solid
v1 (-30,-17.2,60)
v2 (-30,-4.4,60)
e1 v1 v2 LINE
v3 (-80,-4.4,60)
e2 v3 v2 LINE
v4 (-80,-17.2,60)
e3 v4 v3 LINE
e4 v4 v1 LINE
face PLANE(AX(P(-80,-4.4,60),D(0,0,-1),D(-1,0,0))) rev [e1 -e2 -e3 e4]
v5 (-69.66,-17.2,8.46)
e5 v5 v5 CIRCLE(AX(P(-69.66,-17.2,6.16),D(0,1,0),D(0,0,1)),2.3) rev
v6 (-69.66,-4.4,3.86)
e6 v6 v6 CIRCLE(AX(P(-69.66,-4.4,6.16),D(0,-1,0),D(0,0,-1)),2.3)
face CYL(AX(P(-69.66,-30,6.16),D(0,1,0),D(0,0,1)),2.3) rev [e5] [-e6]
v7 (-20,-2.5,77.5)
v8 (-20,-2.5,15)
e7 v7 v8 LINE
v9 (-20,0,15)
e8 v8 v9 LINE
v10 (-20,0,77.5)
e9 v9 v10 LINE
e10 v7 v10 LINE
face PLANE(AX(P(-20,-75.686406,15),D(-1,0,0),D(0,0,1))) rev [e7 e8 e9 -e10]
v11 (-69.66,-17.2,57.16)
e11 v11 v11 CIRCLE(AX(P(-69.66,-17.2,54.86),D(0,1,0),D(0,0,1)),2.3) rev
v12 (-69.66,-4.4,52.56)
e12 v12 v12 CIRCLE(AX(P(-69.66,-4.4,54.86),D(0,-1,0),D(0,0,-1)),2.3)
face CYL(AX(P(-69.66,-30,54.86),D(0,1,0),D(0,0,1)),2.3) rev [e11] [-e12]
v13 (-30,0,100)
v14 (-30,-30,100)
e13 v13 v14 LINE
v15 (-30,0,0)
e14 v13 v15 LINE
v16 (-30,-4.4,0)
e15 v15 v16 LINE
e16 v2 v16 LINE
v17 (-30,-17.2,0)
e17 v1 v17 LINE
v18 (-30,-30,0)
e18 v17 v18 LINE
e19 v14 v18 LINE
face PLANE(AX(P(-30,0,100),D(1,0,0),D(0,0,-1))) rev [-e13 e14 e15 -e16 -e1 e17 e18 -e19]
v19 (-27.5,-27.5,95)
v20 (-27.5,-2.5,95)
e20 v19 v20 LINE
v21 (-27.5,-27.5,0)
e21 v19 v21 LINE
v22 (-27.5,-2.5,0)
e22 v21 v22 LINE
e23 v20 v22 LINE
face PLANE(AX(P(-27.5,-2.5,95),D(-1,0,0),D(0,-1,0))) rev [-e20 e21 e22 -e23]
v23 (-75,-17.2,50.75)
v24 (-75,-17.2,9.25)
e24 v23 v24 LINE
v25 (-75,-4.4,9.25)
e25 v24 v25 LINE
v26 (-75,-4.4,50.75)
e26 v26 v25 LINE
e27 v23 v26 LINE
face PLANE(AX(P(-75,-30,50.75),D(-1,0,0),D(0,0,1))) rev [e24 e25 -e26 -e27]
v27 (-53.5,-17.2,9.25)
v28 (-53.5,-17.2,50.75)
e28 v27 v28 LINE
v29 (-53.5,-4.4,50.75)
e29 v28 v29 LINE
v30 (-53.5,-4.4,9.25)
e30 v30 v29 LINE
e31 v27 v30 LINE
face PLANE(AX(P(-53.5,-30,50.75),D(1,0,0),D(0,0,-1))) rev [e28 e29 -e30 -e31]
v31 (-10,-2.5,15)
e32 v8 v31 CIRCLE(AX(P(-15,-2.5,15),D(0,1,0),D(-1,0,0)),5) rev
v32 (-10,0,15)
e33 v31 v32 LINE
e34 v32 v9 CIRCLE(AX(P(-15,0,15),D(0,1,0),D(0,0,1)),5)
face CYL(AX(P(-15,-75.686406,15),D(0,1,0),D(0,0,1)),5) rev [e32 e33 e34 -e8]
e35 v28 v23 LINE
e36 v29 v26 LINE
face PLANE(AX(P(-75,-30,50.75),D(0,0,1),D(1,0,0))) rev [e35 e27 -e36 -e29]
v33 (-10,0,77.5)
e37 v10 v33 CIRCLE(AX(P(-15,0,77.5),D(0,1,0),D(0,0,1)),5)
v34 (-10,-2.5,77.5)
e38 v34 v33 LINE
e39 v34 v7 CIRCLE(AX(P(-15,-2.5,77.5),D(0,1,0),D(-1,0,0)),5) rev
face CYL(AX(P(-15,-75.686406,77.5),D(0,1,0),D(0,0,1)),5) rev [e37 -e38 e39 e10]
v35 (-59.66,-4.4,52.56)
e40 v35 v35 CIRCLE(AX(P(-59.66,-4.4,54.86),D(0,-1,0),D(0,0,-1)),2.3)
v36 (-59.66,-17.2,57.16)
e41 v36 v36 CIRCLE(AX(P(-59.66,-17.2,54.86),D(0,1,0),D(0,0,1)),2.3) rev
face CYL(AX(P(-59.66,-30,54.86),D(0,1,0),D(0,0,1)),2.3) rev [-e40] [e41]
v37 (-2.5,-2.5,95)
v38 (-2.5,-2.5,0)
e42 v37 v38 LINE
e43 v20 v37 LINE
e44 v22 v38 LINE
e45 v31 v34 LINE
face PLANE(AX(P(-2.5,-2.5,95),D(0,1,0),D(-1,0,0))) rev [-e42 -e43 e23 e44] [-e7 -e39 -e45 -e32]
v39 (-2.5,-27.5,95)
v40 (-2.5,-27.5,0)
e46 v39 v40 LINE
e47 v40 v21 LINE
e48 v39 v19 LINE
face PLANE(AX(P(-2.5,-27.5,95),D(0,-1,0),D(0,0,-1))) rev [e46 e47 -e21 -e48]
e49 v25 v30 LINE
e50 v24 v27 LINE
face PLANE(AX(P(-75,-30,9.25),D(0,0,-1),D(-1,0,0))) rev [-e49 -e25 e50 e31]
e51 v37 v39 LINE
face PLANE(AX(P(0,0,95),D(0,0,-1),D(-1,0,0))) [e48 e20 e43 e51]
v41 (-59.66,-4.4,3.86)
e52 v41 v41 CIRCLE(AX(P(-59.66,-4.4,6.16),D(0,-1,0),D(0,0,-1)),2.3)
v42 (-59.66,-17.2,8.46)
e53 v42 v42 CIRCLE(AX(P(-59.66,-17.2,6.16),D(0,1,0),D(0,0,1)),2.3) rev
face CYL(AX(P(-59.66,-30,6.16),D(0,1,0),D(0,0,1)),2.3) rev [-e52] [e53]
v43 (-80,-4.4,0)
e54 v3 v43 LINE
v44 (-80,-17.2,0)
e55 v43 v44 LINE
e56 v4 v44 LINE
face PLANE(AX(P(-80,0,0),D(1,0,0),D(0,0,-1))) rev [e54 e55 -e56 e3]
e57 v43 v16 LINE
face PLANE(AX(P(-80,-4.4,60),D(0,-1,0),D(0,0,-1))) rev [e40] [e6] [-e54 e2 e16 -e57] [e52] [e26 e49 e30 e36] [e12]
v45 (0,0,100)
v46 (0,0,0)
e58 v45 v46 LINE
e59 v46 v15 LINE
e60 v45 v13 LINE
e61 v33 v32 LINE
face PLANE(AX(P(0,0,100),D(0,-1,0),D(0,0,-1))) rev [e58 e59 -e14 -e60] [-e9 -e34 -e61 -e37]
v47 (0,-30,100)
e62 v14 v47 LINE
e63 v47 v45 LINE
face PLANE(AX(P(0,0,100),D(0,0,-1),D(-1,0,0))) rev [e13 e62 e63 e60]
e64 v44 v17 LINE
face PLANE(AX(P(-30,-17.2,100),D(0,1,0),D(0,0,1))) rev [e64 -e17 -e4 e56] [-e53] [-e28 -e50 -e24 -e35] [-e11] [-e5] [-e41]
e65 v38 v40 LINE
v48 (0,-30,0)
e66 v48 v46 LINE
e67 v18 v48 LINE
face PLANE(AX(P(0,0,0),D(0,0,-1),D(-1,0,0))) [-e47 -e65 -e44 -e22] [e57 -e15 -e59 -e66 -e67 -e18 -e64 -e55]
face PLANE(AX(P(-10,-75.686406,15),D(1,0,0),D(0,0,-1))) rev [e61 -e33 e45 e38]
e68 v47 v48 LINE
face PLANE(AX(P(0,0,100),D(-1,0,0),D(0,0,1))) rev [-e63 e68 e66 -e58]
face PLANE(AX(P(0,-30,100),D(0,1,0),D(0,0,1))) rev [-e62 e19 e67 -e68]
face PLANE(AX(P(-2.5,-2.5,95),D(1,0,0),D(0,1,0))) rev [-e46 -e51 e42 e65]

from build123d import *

# Parameters (mm, degrees)
ESQUISSE1_W             = 30
ESQUISSE1_H             = 30
BOSS_EXTRU_1_DEPTH      = 100
ESQUISSE2_W             = 25
ESQUISSE2_H             = 25
ENL_V_MAT_EXTRU_1_DEPTH = 95
ENL_V_MAT_EXTRU_2_DEPTH = 2.5
ESQUISSE4_W             = 60
ESQUISSE4_H             = 25.6
BOSS_EXTRU_2_DEPTH      = 50
ESQUISSE5_W             = 21.5
ESQUISSE5_H             = 41.5
ENL_V_MAT_EXTRU_3_DEPTH = 132.52946438
ESQUISSE6_R             = 2.3
ENL_V_MAT_EXTRU_4_DEPTH = 132.52946438
ESQUISSE9_W             = 50
ESQUISSE9_H             = 12.8
ENL_V_MAT_EXTRU_6_DEPTH = 132.52946438


with BuildPart() as part:
    # Esquisse1 → Boss.-Extru.1 (new body)
    with BuildSketch(Plane.XY):
        with Locations((-15, -15)):
            Rectangle(ESQUISSE1_W, ESQUISSE1_H)
    extrude(amount=BOSS_EXTRU_1_DEPTH)

    # Esquisse2 → Enlèv. mat.-Extru.1 (cut)
    with BuildSketch(Plane(origin=(0, 0, 0), x_dir=(-1, 0, 0), z_dir=(0, 0, -1))):
        with Locations((15, -15)):
            Rectangle(ESQUISSE2_W, ESQUISSE2_H)
    extrude(amount=-ENL_V_MAT_EXTRU_1_DEPTH, mode=Mode.SUBTRACT)

    # Esquisse3 → Enlèv. mat.-Extru.2 (cut)
    with BuildSketch(Plane(origin=(0, 0, 0), x_dir=(1, 0, 0), z_dir=(0, 1, 0))):
        with BuildLine():
            Line((-10, -15), (-10, -77.5))
            ThreePointArc((-10, -77.5), (-15, -82.5), (-20, -77.5))
            Line((-20, -77.5), (-20, -15))
            ThreePointArc((-20, -15), (-15, -10), (-10, -15))
        make_face()
    extrude(amount=-ENL_V_MAT_EXTRU_2_DEPTH, mode=Mode.SUBTRACT)

    # Esquisse4 → Boss.-Extru.2 (add)
    with BuildSketch(Plane.ZY.offset(30)):
        with Locations((30, -17.2)):
            Rectangle(ESQUISSE4_W, ESQUISSE4_H)
    extrude(amount=BOSS_EXTRU_2_DEPTH)

    # Esquisse5 → Enlèv. mat.-Extru.3 (cut, through all)
    with BuildSketch(Plane(origin=(0, 0, 0), x_dir=(1, 0, 0), z_dir=(0, 1, 0))):
        with Locations((-64.25, -30)):
            Rectangle(ESQUISSE5_W, ESQUISSE5_H)
    extrude(amount=-ENL_V_MAT_EXTRU_3_DEPTH, mode=Mode.SUBTRACT)

    # Esquisse6 → Enlèv. mat.-Extru.4 (cut, through all)
    with BuildSketch(Plane(origin=(0, 0, 0), x_dir=(1, 0, 0), z_dir=(0, 1, 0))):
        with Locations(Location((-69.66, -54.86, 0), (0, 0, 270))):
            Circle(ESQUISSE6_R)
        with Locations(Location((-59.66, -54.86, 0), (0, 0, 270))):
            Circle(ESQUISSE6_R)
        with Locations(Location((-69.66, -6.16, 0), (0, 0, 270))):
            Circle(ESQUISSE6_R)
        with Locations(Location((-59.66, -6.16, 0), (0, 0, 270))):
            Circle(ESQUISSE6_R)
    extrude(amount=-ENL_V_MAT_EXTRU_4_DEPTH, mode=Mode.SUBTRACT)

    # Esquisse9 → Enlèv. mat.-Extru.6 (cut, through all)
    with BuildSketch(Plane(origin=(0, 0, 0), x_dir=(-1, 0, 0), z_dir=(0, 0, -1))):
        with Locations((55, -23.6)):
            Rectangle(ESQUISSE9_W, ESQUISSE9_H)
    extrude(amount=-ENL_V_MAT_EXTRU_6_DEPTH, mode=Mode.SUBTRACT)


solid = part.part
